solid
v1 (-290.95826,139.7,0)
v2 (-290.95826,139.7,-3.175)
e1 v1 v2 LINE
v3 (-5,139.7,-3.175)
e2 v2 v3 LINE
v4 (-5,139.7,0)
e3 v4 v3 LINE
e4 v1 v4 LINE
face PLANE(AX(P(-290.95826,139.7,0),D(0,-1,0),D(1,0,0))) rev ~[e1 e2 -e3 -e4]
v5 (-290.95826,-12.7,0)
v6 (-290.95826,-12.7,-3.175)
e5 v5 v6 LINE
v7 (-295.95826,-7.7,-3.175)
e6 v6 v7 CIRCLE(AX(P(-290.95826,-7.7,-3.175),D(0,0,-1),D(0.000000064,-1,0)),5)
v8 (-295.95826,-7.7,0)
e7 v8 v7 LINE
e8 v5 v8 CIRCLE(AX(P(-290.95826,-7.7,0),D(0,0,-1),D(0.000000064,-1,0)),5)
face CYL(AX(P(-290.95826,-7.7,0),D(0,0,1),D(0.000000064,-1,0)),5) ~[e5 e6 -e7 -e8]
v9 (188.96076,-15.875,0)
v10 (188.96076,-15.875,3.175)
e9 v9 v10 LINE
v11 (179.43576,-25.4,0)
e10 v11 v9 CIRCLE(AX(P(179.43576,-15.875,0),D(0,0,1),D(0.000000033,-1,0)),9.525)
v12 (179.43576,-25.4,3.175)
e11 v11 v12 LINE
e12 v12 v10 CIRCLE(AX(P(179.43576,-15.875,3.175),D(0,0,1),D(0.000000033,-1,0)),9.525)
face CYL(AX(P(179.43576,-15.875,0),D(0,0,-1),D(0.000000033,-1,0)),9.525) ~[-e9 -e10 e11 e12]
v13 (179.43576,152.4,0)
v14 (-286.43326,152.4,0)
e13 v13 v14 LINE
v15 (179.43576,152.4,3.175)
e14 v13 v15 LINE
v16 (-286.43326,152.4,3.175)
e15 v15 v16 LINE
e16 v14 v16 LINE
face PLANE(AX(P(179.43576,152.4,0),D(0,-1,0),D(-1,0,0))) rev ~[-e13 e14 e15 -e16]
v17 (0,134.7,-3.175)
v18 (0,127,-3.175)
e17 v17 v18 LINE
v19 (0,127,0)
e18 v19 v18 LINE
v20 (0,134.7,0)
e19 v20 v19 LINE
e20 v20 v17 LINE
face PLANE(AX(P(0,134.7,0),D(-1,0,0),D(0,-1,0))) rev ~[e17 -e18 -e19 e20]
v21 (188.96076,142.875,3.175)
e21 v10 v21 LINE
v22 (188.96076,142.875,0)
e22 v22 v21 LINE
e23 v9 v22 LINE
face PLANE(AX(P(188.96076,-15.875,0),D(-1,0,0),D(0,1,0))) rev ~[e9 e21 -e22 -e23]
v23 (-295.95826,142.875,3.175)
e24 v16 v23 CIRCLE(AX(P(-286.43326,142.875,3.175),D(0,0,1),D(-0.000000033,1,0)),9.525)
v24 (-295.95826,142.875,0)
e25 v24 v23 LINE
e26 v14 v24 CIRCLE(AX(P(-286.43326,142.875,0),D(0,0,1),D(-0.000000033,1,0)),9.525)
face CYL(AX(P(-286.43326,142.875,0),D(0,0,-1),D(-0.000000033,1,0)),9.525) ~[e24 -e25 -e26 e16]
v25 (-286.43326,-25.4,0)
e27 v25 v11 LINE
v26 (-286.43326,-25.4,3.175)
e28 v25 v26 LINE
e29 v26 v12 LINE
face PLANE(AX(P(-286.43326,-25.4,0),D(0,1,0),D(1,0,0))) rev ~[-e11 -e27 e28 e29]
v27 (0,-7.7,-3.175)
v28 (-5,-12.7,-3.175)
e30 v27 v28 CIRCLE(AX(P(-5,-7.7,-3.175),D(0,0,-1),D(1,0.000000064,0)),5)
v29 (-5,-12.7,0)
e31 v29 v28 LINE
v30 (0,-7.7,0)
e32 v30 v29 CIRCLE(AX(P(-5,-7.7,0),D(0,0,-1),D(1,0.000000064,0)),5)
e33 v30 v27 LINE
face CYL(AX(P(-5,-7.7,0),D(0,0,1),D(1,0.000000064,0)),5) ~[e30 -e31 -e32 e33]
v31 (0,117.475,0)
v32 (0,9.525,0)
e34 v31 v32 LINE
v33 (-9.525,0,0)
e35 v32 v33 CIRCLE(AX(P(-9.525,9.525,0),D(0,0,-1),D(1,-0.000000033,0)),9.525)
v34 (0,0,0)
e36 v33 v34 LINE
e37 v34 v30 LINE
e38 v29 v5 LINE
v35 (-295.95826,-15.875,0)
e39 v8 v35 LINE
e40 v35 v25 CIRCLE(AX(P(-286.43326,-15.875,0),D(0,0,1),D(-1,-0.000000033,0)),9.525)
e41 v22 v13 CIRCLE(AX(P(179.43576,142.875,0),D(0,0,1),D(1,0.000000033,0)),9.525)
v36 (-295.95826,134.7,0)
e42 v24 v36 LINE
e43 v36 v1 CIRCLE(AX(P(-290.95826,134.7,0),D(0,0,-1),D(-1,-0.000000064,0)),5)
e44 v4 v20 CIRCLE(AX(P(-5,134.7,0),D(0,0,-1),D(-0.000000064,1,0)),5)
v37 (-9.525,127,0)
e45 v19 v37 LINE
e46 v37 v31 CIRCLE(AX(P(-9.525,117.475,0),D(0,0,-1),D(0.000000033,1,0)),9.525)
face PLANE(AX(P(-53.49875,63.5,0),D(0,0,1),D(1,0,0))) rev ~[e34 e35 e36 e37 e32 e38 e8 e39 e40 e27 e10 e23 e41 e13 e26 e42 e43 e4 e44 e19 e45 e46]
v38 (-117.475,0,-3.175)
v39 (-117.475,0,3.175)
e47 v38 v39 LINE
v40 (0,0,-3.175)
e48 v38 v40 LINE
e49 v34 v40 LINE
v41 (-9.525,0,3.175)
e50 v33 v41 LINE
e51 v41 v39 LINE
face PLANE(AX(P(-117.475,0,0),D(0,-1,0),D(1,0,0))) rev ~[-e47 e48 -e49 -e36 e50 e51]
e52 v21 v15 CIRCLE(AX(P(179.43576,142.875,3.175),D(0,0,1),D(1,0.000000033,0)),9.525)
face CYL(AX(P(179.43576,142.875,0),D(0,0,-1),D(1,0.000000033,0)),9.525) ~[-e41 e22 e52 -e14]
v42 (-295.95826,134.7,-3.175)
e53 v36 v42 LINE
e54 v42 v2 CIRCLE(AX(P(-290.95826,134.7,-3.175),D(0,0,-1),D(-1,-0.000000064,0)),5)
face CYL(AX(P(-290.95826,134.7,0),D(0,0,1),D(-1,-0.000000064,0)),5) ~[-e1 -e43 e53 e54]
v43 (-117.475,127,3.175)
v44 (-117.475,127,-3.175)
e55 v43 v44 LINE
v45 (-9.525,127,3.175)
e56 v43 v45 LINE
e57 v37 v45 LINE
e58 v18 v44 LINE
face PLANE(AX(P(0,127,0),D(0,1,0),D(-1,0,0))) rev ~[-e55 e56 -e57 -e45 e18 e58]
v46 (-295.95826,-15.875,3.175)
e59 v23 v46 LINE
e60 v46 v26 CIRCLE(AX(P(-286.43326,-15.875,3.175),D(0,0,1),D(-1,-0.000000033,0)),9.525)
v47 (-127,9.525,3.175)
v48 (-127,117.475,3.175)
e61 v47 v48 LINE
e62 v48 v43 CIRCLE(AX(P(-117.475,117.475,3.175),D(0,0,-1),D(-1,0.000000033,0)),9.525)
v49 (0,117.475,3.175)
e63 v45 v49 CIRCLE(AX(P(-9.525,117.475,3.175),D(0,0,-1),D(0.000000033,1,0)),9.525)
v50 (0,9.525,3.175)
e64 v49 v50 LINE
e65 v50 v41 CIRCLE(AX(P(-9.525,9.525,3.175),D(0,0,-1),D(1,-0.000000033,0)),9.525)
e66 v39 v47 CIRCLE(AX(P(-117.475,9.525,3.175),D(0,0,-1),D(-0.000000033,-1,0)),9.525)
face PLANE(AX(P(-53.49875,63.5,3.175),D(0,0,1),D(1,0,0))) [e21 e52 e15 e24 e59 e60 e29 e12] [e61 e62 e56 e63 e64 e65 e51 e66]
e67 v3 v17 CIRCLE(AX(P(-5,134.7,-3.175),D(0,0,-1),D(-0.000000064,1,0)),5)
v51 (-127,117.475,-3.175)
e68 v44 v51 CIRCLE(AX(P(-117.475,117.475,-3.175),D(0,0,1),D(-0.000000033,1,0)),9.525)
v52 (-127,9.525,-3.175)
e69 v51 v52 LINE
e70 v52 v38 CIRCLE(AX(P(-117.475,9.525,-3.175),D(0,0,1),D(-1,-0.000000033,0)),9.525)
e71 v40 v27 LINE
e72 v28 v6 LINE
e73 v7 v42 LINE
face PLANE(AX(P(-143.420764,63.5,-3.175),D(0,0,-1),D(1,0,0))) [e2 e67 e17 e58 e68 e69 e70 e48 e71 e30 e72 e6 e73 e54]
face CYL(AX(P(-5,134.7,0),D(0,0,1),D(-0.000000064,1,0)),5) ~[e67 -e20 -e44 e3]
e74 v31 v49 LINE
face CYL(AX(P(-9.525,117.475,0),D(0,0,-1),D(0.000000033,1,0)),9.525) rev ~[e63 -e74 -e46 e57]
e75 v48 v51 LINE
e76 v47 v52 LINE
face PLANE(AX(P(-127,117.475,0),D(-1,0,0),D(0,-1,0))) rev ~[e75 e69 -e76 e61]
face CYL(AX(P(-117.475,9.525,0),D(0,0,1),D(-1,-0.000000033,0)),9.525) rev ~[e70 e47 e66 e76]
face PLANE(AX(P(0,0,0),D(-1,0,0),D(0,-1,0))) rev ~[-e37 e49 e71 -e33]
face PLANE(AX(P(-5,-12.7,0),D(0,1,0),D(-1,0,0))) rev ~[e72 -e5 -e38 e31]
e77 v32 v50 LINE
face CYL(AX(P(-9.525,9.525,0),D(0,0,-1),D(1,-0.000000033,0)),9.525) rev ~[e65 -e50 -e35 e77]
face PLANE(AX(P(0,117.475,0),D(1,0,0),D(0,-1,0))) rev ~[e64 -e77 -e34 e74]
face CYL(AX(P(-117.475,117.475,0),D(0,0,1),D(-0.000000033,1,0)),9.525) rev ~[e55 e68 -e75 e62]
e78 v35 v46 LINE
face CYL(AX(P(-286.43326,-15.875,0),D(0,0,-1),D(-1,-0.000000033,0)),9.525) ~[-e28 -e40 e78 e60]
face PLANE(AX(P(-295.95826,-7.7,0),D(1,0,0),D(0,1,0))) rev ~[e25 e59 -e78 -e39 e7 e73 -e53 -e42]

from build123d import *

# Parameters (mm, degrees)
F1_DEPTH = 3.175
F3_DEPTH = 3.175


with BuildPart() as f1:
    # F0 (on Top) → F1 (new body)
    with BuildSketch(Plane.XY):
        with BuildLine():
            Line((179.43576, 152.4), (-286.43326, 152.4))
            ThreePointArc((-286.43326, 152.4), (-293.168452, 149.610192), (-295.95826, 142.875))
            Line((-295.95826, 142.875), (-295.95826, -15.875))
            ThreePointArc((-295.95826, -15.875), (-293.168452, -22.610192), (-286.43326, -25.4))
            Line((-286.43326, -25.4), (179.43576, -25.4))
            ThreePointArc((179.43576, -25.4), (186.170952, -22.610192), (188.96076, -15.875))
            Line((188.96076, -15.875), (188.96076, 142.875))
            ThreePointArc((188.96076, 142.875), (186.170952, 149.610192), (179.43576, 152.4))
        make_face()
        with BuildLine():
            ThreePointArc((0, 9.525), (-2.789808, 2.789808), (-9.525, 0))
            Line((-9.525, 0), (-117.475, 0))
            ThreePointArc((-117.475, 0), (-124.210192, 2.789808), (-127, 9.525))
            Line((-127, 9.525), (-127, 117.475))
            ThreePointArc((-127, 117.475), (-124.210192, 124.210192), (-117.475, 127))
            Line((-117.475, 127), (-9.525, 127))
            ThreePointArc((-9.525, 127), (-2.789808, 124.210192), (0, 117.475))
            Line((0, 117.475), (0, 9.525))
        make_face(mode=Mode.SUBTRACT)
    extrude(amount=F1_DEPTH)

    # F2 (on face) → F3 (join)
    with BuildSketch(Plane(origin=(0, 0, 0), x_dir=(1, 0, 0), z_dir=(0, 0, -1))):
        with BuildLine():
            Line((-5, 12.7), (-290.95826, 12.7))
            ThreePointArc((-290.95826, 12.7), (-294.493794, 11.235534), (-295.95826, 7.7))
            Line((-295.95826, 7.7), (-295.95826, -134.7))
            ThreePointArc((-295.95826, -134.7), (-294.493794, -138.235534), (-290.95826, -139.7))
            Line((-290.95826, -139.7), (-5, -139.7))
            ThreePointArc((-5, -139.7), (-1.464466, -138.235534), (0, -134.7))
            Line((0, -134.7), (0, -127))
            Line((0, -127), (-117.475, -127))
            ThreePointArc((-117.475, -127), (-124.210192, -124.210192), (-127, -117.475))
            Line((-127, -117.475), (-127, -9.525))
            ThreePointArc((-127, -9.525), (-124.210192, -2.789808), (-117.475, 0))
            Line((-117.475, 0), (0, 0))
            Line((0, 0), (0, 7.7))
            ThreePointArc((0, 7.7), (-1.464466, 11.235534), (-5, 12.7))
        make_face()
    extrude(amount=F3_DEPTH)


solid = f1.part
